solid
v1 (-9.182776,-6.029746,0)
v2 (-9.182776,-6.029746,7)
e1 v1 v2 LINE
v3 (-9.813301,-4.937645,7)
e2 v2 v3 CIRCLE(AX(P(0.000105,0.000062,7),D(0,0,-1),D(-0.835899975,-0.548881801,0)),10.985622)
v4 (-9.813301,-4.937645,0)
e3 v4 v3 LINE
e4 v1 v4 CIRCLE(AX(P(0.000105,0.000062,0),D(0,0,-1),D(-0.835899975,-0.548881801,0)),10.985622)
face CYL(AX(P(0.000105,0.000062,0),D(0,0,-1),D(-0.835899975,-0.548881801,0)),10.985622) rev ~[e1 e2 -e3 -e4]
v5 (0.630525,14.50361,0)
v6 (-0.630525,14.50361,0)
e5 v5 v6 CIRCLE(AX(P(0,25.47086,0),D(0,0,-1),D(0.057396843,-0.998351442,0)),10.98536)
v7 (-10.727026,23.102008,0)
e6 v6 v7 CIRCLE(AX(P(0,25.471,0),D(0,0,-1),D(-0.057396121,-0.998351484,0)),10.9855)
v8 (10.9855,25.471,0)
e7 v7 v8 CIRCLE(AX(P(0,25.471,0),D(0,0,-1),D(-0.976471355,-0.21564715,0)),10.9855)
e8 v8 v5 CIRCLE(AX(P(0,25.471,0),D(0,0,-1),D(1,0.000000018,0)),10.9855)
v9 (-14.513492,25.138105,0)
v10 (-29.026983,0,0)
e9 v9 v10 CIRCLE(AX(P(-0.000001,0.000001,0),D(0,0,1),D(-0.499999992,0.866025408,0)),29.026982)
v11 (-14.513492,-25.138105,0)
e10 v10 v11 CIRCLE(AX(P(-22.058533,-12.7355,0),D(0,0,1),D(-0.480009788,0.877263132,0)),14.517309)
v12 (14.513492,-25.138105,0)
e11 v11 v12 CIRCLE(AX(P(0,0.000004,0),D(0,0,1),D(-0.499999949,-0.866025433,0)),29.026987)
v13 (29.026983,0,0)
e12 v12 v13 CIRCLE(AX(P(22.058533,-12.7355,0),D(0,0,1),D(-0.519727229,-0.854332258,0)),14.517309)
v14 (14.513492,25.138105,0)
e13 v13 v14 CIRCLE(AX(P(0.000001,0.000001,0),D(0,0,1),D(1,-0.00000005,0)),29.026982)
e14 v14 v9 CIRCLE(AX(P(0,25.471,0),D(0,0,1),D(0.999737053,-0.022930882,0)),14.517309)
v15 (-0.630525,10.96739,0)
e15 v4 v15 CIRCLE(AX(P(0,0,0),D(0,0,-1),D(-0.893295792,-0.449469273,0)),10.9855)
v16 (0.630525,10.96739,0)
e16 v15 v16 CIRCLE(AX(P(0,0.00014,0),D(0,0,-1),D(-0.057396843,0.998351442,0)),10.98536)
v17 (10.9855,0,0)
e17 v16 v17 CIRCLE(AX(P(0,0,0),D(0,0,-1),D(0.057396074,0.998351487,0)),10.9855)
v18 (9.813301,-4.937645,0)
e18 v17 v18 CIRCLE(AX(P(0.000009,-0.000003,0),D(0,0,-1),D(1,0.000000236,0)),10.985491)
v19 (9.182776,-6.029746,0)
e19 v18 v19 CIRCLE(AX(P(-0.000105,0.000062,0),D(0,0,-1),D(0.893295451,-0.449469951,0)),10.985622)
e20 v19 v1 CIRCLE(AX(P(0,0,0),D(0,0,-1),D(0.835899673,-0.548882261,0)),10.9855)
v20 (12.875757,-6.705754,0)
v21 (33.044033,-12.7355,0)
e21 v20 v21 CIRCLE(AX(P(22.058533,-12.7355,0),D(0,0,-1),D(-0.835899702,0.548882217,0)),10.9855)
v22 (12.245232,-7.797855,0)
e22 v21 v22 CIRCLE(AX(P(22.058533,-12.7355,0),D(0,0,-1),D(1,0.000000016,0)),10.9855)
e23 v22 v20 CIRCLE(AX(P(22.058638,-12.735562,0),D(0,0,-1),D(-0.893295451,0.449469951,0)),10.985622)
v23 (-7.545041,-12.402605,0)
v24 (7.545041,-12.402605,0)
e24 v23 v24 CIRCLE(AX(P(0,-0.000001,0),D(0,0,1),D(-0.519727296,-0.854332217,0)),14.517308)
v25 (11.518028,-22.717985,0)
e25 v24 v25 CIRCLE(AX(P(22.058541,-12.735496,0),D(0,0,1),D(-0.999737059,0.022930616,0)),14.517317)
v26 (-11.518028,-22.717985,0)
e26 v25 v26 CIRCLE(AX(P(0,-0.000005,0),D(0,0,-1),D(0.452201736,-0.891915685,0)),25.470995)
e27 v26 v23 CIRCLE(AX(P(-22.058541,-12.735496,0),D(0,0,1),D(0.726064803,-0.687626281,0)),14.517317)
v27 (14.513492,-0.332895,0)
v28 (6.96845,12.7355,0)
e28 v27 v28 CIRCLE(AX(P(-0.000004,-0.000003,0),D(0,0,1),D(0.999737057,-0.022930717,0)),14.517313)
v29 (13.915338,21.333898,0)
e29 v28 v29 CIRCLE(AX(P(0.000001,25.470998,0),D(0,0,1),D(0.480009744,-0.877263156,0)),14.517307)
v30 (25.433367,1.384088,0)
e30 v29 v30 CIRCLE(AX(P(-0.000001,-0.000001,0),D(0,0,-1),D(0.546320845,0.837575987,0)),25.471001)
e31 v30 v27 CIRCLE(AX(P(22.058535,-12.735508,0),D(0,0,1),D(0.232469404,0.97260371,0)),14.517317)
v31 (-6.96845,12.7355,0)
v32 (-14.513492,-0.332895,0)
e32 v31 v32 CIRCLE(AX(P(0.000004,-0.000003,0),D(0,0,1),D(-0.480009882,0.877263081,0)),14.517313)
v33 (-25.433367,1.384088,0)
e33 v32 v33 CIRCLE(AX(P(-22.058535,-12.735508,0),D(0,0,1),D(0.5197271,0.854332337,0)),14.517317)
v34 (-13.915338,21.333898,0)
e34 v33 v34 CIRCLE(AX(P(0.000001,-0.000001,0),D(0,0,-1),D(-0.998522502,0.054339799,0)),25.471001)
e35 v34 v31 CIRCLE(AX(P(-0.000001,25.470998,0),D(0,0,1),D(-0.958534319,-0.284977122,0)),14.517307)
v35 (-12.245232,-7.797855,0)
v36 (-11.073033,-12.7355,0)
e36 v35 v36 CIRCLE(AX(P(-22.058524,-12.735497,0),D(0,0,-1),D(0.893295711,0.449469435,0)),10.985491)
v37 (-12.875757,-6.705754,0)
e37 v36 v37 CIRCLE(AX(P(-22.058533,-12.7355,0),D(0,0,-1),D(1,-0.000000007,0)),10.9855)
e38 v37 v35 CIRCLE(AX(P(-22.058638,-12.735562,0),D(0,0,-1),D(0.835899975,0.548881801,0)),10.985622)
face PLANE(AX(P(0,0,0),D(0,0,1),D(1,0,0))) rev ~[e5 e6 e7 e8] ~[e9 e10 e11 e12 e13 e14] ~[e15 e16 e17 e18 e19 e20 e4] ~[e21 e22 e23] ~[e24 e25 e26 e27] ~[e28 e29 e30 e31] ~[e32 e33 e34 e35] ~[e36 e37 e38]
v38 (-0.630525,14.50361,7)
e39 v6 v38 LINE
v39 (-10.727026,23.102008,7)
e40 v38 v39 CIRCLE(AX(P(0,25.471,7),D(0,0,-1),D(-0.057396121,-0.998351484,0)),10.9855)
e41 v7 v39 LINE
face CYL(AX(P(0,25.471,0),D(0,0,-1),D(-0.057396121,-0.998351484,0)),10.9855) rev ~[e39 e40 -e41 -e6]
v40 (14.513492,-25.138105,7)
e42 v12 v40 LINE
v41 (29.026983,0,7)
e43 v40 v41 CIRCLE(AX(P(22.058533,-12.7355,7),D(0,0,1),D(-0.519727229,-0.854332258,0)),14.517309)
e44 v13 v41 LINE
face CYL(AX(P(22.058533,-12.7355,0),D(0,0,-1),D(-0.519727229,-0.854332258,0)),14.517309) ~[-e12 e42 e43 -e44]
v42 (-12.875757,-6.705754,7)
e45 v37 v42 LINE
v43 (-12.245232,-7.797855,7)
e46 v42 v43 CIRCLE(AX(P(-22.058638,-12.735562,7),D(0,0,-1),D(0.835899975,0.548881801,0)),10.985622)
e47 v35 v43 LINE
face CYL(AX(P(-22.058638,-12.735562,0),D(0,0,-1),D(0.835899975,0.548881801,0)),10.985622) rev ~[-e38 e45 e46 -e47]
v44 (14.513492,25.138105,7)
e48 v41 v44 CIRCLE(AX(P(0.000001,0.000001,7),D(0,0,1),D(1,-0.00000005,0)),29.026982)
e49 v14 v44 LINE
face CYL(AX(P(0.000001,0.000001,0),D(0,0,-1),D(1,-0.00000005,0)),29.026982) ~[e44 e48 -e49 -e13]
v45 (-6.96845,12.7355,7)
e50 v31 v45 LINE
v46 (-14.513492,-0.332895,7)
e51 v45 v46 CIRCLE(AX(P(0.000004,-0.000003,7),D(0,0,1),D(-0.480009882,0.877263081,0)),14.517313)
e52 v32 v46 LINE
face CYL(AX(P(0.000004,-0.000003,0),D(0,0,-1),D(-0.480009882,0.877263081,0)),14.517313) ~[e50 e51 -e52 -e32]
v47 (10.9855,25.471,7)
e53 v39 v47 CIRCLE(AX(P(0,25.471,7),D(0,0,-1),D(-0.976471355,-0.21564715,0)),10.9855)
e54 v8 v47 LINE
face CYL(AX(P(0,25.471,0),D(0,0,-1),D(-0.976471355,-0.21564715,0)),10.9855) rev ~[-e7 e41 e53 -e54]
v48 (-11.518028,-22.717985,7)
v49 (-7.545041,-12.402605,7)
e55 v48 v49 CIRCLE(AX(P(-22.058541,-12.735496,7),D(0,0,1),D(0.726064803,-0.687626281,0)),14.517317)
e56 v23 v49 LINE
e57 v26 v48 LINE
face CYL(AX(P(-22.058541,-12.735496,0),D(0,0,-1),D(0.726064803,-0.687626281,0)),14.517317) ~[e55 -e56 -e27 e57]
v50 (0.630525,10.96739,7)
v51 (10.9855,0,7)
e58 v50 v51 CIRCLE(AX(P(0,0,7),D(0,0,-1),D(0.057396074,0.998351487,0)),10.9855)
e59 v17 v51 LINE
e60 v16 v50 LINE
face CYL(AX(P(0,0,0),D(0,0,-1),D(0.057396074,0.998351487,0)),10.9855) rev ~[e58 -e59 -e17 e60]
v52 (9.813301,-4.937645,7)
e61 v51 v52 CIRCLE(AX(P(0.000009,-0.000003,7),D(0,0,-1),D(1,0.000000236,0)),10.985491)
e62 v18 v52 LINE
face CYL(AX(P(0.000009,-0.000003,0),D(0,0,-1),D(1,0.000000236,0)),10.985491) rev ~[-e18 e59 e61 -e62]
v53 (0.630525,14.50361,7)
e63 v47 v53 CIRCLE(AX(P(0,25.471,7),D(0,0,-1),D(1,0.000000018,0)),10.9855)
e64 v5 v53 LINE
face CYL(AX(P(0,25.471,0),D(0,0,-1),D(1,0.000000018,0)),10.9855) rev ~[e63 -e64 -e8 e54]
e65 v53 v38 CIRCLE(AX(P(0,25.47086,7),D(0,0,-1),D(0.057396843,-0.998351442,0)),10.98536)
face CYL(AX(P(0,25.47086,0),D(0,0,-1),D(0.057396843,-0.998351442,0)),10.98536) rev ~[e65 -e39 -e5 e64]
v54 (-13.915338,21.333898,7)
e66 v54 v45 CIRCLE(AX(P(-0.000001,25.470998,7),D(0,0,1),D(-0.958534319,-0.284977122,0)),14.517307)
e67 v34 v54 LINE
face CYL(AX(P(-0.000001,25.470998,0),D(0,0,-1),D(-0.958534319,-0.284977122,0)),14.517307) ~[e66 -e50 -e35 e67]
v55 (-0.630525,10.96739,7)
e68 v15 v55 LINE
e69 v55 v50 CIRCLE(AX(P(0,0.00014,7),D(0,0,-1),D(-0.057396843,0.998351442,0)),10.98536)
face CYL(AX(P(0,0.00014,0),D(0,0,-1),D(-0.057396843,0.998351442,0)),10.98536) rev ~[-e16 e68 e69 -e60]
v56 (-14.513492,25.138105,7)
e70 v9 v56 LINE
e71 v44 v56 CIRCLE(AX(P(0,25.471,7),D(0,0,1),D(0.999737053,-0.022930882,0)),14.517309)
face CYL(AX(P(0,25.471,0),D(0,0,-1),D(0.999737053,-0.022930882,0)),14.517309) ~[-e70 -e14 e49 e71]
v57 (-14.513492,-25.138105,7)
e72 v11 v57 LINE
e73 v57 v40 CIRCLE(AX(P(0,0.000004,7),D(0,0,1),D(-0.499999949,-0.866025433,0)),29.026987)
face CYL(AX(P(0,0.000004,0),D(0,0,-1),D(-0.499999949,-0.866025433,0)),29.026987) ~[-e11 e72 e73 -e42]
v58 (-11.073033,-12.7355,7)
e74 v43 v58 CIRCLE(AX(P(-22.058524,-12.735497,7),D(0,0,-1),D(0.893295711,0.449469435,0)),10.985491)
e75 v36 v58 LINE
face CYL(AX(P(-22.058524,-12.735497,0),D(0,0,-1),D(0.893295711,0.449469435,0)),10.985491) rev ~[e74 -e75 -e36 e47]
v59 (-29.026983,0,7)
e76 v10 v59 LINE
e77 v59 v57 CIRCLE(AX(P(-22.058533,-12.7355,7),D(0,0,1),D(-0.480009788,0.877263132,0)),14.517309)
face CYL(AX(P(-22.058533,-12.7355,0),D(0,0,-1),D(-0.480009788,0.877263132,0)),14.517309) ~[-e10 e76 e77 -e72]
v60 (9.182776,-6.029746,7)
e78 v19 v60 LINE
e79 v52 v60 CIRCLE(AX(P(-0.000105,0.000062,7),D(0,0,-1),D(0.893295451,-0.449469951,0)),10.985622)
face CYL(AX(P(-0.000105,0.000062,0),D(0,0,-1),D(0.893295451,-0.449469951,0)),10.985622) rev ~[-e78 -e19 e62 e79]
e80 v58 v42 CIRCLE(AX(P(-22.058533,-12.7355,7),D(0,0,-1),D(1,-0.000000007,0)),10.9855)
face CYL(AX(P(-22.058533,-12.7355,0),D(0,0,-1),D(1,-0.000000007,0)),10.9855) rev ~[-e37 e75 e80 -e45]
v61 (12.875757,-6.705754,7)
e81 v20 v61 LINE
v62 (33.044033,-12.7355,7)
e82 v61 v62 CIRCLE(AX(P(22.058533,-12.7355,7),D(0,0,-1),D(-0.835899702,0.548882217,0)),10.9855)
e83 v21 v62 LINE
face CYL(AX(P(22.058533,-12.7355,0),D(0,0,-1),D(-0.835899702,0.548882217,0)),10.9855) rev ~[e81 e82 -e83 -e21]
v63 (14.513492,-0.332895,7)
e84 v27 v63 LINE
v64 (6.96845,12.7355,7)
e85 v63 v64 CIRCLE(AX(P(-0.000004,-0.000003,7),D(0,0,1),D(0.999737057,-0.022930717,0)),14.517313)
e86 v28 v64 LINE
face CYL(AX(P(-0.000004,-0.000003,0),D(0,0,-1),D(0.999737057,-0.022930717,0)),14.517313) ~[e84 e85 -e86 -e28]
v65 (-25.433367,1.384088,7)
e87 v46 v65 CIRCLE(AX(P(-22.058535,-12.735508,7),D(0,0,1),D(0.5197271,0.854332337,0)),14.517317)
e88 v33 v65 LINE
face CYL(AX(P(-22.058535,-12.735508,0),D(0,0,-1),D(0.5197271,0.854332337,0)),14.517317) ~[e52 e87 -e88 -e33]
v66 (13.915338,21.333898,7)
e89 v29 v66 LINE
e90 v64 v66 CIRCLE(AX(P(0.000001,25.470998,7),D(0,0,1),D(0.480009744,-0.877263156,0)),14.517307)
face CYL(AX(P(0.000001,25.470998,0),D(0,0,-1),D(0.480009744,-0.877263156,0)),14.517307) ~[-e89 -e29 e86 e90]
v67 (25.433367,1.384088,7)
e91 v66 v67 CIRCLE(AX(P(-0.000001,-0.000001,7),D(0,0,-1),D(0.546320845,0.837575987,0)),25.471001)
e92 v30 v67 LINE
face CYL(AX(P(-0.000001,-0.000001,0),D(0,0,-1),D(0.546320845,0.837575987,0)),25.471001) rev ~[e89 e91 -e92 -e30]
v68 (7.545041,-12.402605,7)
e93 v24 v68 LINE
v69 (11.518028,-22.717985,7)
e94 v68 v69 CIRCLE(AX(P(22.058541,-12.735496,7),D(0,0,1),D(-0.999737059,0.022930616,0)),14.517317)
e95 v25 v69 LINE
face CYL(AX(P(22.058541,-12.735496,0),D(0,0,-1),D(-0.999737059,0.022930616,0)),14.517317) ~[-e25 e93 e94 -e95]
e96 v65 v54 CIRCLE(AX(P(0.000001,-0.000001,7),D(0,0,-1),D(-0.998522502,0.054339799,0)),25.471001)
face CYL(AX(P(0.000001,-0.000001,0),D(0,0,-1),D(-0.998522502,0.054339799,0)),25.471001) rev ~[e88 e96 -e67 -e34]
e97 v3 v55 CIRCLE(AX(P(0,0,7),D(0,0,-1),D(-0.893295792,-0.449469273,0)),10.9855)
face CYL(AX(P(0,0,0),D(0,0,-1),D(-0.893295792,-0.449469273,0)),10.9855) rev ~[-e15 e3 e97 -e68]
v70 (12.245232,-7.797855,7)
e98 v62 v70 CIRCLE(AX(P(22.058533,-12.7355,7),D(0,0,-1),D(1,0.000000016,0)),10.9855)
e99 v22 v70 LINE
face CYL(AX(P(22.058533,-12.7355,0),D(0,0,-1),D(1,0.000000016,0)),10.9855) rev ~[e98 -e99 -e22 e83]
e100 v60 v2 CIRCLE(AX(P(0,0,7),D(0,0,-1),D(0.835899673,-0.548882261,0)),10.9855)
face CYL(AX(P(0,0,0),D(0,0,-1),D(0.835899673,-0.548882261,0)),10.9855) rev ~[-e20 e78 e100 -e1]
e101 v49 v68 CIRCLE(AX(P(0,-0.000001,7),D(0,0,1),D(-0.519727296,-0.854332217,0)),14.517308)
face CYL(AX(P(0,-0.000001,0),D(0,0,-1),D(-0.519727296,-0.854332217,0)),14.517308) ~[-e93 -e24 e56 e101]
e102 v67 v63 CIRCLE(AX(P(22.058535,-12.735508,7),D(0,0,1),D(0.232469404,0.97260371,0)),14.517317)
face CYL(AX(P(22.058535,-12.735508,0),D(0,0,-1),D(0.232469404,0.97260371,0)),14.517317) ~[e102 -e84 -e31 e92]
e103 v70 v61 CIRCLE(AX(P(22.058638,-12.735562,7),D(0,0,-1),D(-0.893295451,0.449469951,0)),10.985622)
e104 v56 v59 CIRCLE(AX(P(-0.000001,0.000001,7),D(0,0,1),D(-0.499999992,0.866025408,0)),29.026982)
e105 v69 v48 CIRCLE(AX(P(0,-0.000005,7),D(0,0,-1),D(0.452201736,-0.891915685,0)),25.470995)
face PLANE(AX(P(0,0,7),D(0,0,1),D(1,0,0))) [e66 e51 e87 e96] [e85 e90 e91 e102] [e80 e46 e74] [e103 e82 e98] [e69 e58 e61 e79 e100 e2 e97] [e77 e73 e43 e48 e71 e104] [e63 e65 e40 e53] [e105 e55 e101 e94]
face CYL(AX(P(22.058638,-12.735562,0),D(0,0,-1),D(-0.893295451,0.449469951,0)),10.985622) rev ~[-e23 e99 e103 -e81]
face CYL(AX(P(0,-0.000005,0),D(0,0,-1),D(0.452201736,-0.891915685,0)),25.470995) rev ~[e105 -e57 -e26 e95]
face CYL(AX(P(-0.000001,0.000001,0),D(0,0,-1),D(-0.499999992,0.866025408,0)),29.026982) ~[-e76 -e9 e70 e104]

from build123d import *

# Parameters (mm, degrees)
F1_DEPTH = 7


with BuildPart() as f1:
    # F0 (on Top) → F1 (new body)
    with BuildSketch(Plane.XY):
        with BuildLine():
            ThreePointArc((-14.513492, -25.138105), (0, -29.026983), (14.513492, -25.138105))
            ThreePointArc((14.513492, -25.138105), (34.630891, -19.994154), (29.026983, 0))
            ThreePointArc((29.026983, 0), (25.138105, 14.513492), (14.513492, 25.138105))
            ThreePointArc((14.513492, 25.138105), (0, 39.988309), (-14.513492, 25.138105))
            ThreePointArc((-14.513492, 25.138105), (-25.138105, 14.513492), (-29.026983, 0))
            ThreePointArc((-29.026983, 0), (-34.630891, -19.994154), (-14.513492, -25.138105))
        make_face()
        with BuildLine():
            ThreePointArc((-12.245232, -7.797855), (-11.370099, -10.198061), (-11.073033, -12.7355))
            ThreePointArc((-11.073033, -12.7355), (-32.583708, -15.88223), (-12.875757, -6.705754))
            ThreePointArc((-12.875757, -6.705754), (-12.544811, -7.24275), (-12.245232, -7.797855))
        make_face(mode=Mode.SUBTRACT)
        with BuildLine():
            ThreePointArc((11.518028, -22.717985), (0, -25.471), (-11.518028, -22.717985))
            ThreePointArc((-11.518028, -22.717985), (-8.511303, -17.953239), (-7.545041, -12.402605))
            ThreePointArc((-7.545041, -12.402605), (0, -14.517309), (7.545041, -12.402605))
            ThreePointArc((7.545041, -12.402605), (8.511303, -17.953239), (11.518028, -22.717985))
        make_face(mode=Mode.SUBTRACT)
        with BuildLine():
            ThreePointArc((12.875757, -6.705754), (25.205263, -2.210325), (33.044033, -12.7355))
            ThreePointArc((33.044033, -12.7355), (19.521094, -23.423934), (12.245232, -7.797855))
            ThreePointArc((12.245232, -7.797855), (12.544811, -7.24275), (12.875757, -6.705754))
        make_face(mode=Mode.SUBTRACT)
        with BuildLine():
            ThreePointArc((0.630525, 10.96739), (7.987736, 7.541703), (10.9855, 0))
            ThreePointArc((10.9855, 0), (10.688434, -2.537439), (9.813301, -4.937645))
            ThreePointArc((9.813301, -4.937645), (9.513722, -5.49275), (9.182776, -6.029746))
            ThreePointArc((9.182776, -6.029746), (0, -10.9855), (-9.182776, -6.029746))
            ThreePointArc((-9.182776, -6.029746), (-9.513722, -5.49275), (-9.813301, -4.937645))
            ThreePointArc((-9.813301, -4.937645), (-9.513722, 5.49275), (-0.630525, 10.96739))
            ThreePointArc((-0.630525, 10.96739), (0, 10.9855), (0.630525, 10.96739))
        make_face(mode=Mode.SUBTRACT)
        with BuildLine():
            ThreePointArc((-25.433367, 1.384088), (-22.058533, 12.7355), (-13.915338, 21.333898))
            ThreePointArc((-13.915338, 21.333898), (-11.29231, 16.347624), (-6.96845, 12.7355))
            ThreePointArc((-6.96845, 12.7355), (-12.572358, 7.258654), (-14.513492, -0.332895))
            ThreePointArc((-14.513492, -0.332895), (-19.803613, 1.605615), (-25.433367, 1.384088))
        make_face(mode=Mode.SUBTRACT)
        with BuildLine():
            ThreePointArc((13.915338, 21.333898), (22.058533, 12.7355), (25.433367, 1.384088))
            ThreePointArc((25.433367, 1.384088), (19.803613, 1.605615), (14.513492, -0.332895))
            ThreePointArc((14.513492, -0.332895), (12.572358, 7.258654), (6.96845, 12.7355))
            ThreePointArc((6.96845, 12.7355), (11.29231, 16.347624), (13.915338, 21.333898))
        make_face(mode=Mode.SUBTRACT)
        with BuildLine():
            ThreePointArc((-10.727026, 23.102008), (-1.191526, 36.39169), (10.9855, 25.471))
            ThreePointArc((10.9855, 25.471), (7.987736, 17.929297), (0.630525, 14.50361))
            ThreePointArc((0.630525, 14.50361), (0, 14.4855), (-0.630525, 14.50361))
            ThreePointArc((-0.630525, 14.50361), (-7.122612, 17.107412), (-10.727026, 23.102008))
        make_face(mode=Mode.SUBTRACT)
    extrude(amount=F1_DEPTH)


solid = f1.part
